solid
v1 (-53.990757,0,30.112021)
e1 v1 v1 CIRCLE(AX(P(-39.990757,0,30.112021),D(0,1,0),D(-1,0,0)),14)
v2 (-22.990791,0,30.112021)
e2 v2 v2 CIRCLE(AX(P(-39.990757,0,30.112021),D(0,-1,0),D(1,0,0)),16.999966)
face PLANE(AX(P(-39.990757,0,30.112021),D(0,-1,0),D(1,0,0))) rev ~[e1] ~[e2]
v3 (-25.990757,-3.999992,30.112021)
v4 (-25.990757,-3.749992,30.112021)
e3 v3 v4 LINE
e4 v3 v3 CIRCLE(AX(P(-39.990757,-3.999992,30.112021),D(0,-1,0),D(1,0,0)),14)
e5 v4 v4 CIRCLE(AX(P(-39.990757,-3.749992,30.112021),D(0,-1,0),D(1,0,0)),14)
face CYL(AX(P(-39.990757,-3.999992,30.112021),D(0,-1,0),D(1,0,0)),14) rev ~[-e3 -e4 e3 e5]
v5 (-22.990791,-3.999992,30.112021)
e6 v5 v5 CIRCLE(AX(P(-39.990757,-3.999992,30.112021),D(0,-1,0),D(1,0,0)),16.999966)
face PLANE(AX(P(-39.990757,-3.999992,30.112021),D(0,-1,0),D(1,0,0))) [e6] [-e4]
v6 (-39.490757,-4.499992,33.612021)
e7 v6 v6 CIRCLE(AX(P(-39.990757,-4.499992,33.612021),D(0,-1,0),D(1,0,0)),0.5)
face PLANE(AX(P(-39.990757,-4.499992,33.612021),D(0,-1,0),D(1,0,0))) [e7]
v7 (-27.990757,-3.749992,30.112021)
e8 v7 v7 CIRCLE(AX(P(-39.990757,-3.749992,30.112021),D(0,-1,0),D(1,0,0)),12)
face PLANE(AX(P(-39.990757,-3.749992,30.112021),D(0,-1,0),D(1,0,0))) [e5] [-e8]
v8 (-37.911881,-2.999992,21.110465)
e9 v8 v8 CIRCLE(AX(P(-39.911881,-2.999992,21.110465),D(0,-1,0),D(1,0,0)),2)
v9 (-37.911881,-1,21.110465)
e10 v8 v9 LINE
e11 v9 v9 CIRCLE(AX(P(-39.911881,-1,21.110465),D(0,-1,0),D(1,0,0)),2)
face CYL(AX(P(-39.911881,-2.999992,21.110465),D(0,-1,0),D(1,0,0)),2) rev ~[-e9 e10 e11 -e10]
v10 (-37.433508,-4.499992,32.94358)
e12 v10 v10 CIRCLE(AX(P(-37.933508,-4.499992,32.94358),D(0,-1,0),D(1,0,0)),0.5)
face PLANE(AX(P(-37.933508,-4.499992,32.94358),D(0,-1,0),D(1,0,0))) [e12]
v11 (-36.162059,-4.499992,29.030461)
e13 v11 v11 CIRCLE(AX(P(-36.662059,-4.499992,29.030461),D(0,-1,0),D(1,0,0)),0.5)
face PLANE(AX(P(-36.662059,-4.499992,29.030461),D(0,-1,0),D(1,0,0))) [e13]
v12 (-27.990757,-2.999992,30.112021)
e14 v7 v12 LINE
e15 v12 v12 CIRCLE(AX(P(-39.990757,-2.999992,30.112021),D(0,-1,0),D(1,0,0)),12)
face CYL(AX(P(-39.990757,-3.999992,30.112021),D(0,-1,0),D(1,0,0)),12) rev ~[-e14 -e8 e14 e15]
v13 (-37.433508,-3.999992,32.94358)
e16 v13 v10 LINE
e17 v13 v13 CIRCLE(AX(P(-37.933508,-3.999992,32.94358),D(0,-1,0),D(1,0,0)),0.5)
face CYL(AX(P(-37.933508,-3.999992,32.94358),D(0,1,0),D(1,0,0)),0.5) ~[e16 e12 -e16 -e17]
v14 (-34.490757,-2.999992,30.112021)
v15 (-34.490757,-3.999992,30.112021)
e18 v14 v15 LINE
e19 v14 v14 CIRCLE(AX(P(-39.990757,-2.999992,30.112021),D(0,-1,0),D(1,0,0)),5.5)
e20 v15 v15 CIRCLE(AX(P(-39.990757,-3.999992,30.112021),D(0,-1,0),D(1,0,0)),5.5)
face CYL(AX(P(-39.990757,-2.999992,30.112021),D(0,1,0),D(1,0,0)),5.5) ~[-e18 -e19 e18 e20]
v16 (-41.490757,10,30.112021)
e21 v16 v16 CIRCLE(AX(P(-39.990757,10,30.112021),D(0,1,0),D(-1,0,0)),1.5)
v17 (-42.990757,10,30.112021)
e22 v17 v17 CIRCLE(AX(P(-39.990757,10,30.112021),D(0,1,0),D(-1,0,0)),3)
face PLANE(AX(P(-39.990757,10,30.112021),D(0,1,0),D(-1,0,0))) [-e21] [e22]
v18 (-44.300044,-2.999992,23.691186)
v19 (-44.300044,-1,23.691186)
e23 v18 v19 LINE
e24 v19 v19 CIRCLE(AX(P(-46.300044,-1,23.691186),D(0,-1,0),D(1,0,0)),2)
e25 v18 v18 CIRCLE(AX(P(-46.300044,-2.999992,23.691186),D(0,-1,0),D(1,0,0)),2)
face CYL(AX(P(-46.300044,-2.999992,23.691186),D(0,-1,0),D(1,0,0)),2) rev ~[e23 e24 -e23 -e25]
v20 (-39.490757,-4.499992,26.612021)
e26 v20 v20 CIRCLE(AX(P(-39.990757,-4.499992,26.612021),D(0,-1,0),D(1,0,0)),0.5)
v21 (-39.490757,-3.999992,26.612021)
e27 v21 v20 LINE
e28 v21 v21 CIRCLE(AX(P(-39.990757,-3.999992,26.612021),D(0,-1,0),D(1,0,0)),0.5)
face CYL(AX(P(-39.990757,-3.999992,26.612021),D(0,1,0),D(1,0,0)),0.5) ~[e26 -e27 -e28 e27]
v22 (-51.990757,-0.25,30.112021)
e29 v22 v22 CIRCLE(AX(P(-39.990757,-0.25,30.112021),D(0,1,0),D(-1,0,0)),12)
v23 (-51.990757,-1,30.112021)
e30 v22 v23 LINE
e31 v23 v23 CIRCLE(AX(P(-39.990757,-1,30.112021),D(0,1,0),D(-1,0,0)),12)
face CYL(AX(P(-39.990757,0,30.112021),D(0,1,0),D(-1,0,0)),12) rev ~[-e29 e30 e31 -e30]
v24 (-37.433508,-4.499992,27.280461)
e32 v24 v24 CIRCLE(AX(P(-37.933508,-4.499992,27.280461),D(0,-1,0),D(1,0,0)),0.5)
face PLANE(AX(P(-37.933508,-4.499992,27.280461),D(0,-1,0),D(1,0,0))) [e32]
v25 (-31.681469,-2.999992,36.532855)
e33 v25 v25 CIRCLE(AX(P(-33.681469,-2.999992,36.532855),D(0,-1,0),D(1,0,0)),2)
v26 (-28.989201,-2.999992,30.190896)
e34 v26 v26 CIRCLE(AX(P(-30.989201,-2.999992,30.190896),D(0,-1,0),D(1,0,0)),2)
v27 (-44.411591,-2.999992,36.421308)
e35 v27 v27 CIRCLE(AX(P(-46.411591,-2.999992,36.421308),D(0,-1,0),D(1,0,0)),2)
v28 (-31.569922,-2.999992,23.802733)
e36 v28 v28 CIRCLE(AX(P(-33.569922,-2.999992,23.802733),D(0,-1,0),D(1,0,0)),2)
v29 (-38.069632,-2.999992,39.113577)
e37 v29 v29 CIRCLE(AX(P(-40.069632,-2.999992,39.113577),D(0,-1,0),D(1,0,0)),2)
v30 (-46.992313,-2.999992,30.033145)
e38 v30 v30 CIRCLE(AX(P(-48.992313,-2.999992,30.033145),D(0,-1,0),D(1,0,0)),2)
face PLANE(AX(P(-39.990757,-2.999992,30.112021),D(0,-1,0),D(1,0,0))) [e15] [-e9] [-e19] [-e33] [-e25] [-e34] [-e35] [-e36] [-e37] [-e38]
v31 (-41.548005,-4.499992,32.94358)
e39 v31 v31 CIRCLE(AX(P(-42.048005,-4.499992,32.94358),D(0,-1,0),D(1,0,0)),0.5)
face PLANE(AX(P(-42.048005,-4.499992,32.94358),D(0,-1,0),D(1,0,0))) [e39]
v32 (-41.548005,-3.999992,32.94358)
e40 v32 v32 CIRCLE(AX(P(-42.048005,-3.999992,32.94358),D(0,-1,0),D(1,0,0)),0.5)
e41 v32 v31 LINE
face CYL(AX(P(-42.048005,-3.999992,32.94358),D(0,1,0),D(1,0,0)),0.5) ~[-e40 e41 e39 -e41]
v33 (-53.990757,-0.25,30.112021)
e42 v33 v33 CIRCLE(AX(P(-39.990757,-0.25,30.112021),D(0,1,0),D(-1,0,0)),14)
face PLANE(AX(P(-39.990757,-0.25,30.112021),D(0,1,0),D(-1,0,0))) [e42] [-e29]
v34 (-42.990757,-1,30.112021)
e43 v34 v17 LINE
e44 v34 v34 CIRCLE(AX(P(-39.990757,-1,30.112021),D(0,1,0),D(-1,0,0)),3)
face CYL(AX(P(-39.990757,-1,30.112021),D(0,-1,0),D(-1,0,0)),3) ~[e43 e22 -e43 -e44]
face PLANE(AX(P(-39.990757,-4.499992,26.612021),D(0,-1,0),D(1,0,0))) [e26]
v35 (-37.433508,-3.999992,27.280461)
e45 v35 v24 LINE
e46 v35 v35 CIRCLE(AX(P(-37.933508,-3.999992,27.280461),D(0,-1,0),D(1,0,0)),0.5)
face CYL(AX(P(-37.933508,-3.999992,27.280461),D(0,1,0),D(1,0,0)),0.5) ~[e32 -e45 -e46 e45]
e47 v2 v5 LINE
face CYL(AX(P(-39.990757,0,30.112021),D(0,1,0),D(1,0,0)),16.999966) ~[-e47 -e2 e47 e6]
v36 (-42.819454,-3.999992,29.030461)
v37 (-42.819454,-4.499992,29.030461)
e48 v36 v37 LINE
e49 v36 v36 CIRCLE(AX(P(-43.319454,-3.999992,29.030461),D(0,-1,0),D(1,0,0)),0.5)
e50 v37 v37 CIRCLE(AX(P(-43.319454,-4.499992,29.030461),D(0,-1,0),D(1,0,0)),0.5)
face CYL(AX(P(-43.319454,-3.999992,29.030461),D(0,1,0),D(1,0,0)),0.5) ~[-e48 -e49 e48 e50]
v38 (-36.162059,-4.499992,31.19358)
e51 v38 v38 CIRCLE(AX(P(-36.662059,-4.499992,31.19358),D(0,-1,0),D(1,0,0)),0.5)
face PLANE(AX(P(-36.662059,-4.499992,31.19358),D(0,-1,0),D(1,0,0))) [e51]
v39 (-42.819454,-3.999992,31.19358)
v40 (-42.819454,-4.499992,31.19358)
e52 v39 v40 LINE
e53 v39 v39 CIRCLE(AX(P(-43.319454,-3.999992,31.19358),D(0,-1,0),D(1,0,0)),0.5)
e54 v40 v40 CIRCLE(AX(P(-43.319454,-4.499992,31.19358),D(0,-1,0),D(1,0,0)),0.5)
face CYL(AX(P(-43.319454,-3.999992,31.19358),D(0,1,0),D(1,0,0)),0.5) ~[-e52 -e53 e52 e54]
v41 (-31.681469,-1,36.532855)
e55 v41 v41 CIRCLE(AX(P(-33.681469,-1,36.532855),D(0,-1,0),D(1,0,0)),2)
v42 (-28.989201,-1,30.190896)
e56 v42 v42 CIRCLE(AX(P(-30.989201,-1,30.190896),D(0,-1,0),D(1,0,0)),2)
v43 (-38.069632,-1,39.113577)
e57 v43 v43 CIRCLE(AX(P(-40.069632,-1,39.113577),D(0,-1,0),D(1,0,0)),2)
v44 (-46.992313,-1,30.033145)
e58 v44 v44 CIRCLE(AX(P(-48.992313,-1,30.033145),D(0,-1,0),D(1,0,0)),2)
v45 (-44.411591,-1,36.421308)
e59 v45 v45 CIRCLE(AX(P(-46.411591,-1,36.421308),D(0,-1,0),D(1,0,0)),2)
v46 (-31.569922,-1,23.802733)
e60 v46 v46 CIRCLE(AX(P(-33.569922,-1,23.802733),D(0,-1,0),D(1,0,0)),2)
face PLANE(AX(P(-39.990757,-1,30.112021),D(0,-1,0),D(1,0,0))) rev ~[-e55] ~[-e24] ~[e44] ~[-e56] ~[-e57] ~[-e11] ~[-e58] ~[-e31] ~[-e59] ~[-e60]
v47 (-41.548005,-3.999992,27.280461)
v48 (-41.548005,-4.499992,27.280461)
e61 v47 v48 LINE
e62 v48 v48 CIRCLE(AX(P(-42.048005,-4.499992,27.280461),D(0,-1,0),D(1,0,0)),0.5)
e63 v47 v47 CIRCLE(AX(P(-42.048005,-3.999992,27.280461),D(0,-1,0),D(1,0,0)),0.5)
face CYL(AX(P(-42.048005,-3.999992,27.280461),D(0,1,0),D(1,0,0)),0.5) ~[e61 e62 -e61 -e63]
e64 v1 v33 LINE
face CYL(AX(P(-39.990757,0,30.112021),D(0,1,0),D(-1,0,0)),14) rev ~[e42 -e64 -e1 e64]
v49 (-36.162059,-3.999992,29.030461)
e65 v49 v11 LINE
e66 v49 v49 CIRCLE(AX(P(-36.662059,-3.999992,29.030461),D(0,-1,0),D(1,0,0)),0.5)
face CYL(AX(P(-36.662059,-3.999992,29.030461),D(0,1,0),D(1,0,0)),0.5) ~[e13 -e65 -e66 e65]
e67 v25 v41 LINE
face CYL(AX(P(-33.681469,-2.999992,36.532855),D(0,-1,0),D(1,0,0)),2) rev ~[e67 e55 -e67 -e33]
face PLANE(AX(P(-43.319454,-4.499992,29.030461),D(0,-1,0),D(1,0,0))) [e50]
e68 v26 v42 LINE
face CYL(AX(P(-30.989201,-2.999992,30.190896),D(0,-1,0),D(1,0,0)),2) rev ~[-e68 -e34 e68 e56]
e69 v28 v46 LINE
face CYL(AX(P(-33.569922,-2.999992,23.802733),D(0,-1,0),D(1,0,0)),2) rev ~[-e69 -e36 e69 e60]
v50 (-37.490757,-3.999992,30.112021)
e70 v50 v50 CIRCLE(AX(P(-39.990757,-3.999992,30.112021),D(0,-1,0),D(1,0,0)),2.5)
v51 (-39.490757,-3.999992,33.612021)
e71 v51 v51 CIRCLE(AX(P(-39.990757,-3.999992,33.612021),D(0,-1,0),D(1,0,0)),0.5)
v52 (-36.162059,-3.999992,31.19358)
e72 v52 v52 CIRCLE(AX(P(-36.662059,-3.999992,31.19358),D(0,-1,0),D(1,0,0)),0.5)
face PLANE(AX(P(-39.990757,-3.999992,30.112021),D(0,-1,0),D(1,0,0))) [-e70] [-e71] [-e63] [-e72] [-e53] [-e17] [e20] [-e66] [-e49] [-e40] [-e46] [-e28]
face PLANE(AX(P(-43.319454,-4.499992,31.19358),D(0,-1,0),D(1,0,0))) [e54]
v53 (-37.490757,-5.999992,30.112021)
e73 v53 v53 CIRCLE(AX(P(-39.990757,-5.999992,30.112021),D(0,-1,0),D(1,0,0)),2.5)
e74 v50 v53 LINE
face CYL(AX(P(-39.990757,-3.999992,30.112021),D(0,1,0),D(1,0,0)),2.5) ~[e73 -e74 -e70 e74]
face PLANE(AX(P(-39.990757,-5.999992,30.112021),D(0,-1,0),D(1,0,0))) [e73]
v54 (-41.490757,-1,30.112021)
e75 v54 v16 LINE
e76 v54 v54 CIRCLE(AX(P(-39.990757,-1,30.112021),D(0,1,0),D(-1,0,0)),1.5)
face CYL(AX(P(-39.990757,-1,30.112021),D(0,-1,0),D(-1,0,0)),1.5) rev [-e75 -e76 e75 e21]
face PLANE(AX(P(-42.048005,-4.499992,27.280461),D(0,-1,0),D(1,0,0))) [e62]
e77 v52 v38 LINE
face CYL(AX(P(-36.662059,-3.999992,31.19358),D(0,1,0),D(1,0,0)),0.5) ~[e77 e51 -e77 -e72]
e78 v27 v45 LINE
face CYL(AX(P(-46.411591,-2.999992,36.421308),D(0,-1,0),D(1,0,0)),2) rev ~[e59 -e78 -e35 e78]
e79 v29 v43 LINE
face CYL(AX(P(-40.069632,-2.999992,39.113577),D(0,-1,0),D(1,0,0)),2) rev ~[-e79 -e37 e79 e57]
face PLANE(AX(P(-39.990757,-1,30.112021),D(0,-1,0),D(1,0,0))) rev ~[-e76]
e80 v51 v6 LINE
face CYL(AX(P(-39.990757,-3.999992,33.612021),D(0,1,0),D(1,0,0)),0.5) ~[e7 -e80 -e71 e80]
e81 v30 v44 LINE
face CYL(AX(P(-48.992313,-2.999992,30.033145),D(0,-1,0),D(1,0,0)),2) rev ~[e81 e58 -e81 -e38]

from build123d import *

# Parameters (mm, degrees)
F0_R      = 16.999966
F1_DEPTH  = 3.999992
F2_R      = 14
F2_R_2    = 12
F3_DEPTH  = 0.25
F4_DEPTH  = 1
F5_R      = 5.5
F6_DEPTH  = 1
F7_R      = 2.5
F8_DEPTH  = 2
F9_R      = 0.5
F11_DEPTH = 0.5
F10_R     = 2
F12_DEPTH = 25
F13_R     = 14
F13_R_2   = 12
F14_DEPTH = 0.25
F15_DEPTH = 1
F16_R     = 3
F16_R_2   = 1.5
F17_DEPTH = 11


with BuildPart() as f1:
    # F0 (on Front) → F1 (new body)
    with BuildSketch(Plane.XZ):
        with Locations((-39.9907566607, 30.1120206714)):
            Circle(F0_R)
    extrude(amount=F1_DEPTH)

    # F2 (on face) → F3 (cut)
    with BuildSketch(Plane.XZ.offset(3.999992)):
        with Locations((-39.9907566607, 30.1120206714)):
            Circle(F2_R)
        with Locations((-39.9907566607, 30.1120206714)):
            Circle(F2_R_2, mode=Mode.SUBTRACT)
    extrude(amount=-F3_DEPTH, mode=Mode.SUBTRACT)

    # F4 (cut): a face of the model
    f4_faces = [f1.faces().sort_by_distance(p)[0] for p in [
        (-39.9907566607, -3.999992, 30.1120206714),
    ]]
    extrude(f4_faces, amount=-F4_DEPTH, mode=Mode.SUBTRACT)

    # F5 (on face) → F6 (join)
    with BuildSketch(Plane.XZ.offset(2.999992)):
        with Locations((-39.9907566607, 30.1120206714)):
            Circle(F5_R)
    extrude(amount=F6_DEPTH)

    # F7 (on face) → F8 (join)
    with BuildSketch(Plane.XZ.offset(3.999992)):
        with Locations((-39.9907566607, 30.1120206714)):
            Circle(F7_R)
    extrude(amount=F8_DEPTH)

    # F9 (on face) → F11 (join)
    with BuildSketch(Plane.XZ.offset(3.999992)):
        with Locations((-37.9335082777, 32.9435801517)):
            Circle(F9_R)
        with Locations((-39.9907566607, 33.6120206714)):
            Circle(F9_R)
        with Locations((-42.0480050437, 32.9435801517)):
            Circle(F9_R)
        with Locations((-43.3194544677, 31.1935801517)):
            Circle(F9_R)
        with Locations((-43.3194544677, 29.0304611911)):
            Circle(F9_R)
        with Locations((-42.0480050437, 27.2804611911)):
            Circle(F9_R)
        with Locations((-39.9907566607, 26.6120206714)):
            Circle(F9_R)
        with Locations((-37.9335082777, 27.2804611911)):
            Circle(F9_R)
        with Locations((-36.6620588537, 29.0304611911)):
            Circle(F9_R)
        with Locations((-36.6620588537, 31.1935801517)):
            Circle(F9_R)
    extrude(amount=F11_DEPTH)

    # F10 (on face) → F12 (cut)
    with BuildSketch(Plane.XZ.offset(2.999992)):
        with Locations((-33.5699219599, 23.8027328735)):
            Circle(F10_R)
        with Locations((-39.9118810892, 21.1104647272)):
            Circle(F10_R)
        with Locations((-46.3000444586, 23.6911859705)):
            Circle(F10_R)
        with Locations((-48.9923126049, 30.0331450999)):
            Circle(F10_R)
        with Locations((-46.4115913615, 36.4213084693)):
            Circle(F10_R)
        with Locations((-40.0696322322, 39.1135766156)):
            Circle(F10_R)
        with Locations((-33.6814688628, 36.5328553722)):
            Circle(F10_R)
        with Locations((-30.9892007165, 30.1908962429)):
            Circle(F10_R)
    extrude(amount=-F12_DEPTH, mode=Mode.SUBTRACT)

    # F13 (on face) → F14 (cut)
    with BuildSketch(Plane(origin=(0, 0, 0), x_dir=(-1, 0, 0), z_dir=(0, 1, 0))):
        with Locations((39.9907566607, 30.1120206714)):
            Circle(F13_R)
        with Locations((39.9907566607, 30.1120206714)):
            Circle(F13_R_2, mode=Mode.SUBTRACT)
    extrude(amount=-F14_DEPTH, mode=Mode.SUBTRACT)

    # F15 (cut): a face of the model
    f15_faces = [f1.faces().sort_by_distance(p)[0] for p in [
        (-39.9907566607, 0, 30.1120206714),
    ]]
    extrude(f15_faces, amount=-F15_DEPTH, mode=Mode.SUBTRACT)

    # F16 (on face) → F17 (join)
    with BuildSketch(Plane(origin=(0, -1, 0), x_dir=(-1, 0, 0), z_dir=(0, 1, 0))):
        with Locations((39.9907566607, 30.1120206714)):
            Circle(F16_R)
        with Locations((39.9907566607, 30.1120206714)):
            Circle(F16_R_2, mode=Mode.SUBTRACT)
    extrude(amount=F17_DEPTH)


solid = f1.part
